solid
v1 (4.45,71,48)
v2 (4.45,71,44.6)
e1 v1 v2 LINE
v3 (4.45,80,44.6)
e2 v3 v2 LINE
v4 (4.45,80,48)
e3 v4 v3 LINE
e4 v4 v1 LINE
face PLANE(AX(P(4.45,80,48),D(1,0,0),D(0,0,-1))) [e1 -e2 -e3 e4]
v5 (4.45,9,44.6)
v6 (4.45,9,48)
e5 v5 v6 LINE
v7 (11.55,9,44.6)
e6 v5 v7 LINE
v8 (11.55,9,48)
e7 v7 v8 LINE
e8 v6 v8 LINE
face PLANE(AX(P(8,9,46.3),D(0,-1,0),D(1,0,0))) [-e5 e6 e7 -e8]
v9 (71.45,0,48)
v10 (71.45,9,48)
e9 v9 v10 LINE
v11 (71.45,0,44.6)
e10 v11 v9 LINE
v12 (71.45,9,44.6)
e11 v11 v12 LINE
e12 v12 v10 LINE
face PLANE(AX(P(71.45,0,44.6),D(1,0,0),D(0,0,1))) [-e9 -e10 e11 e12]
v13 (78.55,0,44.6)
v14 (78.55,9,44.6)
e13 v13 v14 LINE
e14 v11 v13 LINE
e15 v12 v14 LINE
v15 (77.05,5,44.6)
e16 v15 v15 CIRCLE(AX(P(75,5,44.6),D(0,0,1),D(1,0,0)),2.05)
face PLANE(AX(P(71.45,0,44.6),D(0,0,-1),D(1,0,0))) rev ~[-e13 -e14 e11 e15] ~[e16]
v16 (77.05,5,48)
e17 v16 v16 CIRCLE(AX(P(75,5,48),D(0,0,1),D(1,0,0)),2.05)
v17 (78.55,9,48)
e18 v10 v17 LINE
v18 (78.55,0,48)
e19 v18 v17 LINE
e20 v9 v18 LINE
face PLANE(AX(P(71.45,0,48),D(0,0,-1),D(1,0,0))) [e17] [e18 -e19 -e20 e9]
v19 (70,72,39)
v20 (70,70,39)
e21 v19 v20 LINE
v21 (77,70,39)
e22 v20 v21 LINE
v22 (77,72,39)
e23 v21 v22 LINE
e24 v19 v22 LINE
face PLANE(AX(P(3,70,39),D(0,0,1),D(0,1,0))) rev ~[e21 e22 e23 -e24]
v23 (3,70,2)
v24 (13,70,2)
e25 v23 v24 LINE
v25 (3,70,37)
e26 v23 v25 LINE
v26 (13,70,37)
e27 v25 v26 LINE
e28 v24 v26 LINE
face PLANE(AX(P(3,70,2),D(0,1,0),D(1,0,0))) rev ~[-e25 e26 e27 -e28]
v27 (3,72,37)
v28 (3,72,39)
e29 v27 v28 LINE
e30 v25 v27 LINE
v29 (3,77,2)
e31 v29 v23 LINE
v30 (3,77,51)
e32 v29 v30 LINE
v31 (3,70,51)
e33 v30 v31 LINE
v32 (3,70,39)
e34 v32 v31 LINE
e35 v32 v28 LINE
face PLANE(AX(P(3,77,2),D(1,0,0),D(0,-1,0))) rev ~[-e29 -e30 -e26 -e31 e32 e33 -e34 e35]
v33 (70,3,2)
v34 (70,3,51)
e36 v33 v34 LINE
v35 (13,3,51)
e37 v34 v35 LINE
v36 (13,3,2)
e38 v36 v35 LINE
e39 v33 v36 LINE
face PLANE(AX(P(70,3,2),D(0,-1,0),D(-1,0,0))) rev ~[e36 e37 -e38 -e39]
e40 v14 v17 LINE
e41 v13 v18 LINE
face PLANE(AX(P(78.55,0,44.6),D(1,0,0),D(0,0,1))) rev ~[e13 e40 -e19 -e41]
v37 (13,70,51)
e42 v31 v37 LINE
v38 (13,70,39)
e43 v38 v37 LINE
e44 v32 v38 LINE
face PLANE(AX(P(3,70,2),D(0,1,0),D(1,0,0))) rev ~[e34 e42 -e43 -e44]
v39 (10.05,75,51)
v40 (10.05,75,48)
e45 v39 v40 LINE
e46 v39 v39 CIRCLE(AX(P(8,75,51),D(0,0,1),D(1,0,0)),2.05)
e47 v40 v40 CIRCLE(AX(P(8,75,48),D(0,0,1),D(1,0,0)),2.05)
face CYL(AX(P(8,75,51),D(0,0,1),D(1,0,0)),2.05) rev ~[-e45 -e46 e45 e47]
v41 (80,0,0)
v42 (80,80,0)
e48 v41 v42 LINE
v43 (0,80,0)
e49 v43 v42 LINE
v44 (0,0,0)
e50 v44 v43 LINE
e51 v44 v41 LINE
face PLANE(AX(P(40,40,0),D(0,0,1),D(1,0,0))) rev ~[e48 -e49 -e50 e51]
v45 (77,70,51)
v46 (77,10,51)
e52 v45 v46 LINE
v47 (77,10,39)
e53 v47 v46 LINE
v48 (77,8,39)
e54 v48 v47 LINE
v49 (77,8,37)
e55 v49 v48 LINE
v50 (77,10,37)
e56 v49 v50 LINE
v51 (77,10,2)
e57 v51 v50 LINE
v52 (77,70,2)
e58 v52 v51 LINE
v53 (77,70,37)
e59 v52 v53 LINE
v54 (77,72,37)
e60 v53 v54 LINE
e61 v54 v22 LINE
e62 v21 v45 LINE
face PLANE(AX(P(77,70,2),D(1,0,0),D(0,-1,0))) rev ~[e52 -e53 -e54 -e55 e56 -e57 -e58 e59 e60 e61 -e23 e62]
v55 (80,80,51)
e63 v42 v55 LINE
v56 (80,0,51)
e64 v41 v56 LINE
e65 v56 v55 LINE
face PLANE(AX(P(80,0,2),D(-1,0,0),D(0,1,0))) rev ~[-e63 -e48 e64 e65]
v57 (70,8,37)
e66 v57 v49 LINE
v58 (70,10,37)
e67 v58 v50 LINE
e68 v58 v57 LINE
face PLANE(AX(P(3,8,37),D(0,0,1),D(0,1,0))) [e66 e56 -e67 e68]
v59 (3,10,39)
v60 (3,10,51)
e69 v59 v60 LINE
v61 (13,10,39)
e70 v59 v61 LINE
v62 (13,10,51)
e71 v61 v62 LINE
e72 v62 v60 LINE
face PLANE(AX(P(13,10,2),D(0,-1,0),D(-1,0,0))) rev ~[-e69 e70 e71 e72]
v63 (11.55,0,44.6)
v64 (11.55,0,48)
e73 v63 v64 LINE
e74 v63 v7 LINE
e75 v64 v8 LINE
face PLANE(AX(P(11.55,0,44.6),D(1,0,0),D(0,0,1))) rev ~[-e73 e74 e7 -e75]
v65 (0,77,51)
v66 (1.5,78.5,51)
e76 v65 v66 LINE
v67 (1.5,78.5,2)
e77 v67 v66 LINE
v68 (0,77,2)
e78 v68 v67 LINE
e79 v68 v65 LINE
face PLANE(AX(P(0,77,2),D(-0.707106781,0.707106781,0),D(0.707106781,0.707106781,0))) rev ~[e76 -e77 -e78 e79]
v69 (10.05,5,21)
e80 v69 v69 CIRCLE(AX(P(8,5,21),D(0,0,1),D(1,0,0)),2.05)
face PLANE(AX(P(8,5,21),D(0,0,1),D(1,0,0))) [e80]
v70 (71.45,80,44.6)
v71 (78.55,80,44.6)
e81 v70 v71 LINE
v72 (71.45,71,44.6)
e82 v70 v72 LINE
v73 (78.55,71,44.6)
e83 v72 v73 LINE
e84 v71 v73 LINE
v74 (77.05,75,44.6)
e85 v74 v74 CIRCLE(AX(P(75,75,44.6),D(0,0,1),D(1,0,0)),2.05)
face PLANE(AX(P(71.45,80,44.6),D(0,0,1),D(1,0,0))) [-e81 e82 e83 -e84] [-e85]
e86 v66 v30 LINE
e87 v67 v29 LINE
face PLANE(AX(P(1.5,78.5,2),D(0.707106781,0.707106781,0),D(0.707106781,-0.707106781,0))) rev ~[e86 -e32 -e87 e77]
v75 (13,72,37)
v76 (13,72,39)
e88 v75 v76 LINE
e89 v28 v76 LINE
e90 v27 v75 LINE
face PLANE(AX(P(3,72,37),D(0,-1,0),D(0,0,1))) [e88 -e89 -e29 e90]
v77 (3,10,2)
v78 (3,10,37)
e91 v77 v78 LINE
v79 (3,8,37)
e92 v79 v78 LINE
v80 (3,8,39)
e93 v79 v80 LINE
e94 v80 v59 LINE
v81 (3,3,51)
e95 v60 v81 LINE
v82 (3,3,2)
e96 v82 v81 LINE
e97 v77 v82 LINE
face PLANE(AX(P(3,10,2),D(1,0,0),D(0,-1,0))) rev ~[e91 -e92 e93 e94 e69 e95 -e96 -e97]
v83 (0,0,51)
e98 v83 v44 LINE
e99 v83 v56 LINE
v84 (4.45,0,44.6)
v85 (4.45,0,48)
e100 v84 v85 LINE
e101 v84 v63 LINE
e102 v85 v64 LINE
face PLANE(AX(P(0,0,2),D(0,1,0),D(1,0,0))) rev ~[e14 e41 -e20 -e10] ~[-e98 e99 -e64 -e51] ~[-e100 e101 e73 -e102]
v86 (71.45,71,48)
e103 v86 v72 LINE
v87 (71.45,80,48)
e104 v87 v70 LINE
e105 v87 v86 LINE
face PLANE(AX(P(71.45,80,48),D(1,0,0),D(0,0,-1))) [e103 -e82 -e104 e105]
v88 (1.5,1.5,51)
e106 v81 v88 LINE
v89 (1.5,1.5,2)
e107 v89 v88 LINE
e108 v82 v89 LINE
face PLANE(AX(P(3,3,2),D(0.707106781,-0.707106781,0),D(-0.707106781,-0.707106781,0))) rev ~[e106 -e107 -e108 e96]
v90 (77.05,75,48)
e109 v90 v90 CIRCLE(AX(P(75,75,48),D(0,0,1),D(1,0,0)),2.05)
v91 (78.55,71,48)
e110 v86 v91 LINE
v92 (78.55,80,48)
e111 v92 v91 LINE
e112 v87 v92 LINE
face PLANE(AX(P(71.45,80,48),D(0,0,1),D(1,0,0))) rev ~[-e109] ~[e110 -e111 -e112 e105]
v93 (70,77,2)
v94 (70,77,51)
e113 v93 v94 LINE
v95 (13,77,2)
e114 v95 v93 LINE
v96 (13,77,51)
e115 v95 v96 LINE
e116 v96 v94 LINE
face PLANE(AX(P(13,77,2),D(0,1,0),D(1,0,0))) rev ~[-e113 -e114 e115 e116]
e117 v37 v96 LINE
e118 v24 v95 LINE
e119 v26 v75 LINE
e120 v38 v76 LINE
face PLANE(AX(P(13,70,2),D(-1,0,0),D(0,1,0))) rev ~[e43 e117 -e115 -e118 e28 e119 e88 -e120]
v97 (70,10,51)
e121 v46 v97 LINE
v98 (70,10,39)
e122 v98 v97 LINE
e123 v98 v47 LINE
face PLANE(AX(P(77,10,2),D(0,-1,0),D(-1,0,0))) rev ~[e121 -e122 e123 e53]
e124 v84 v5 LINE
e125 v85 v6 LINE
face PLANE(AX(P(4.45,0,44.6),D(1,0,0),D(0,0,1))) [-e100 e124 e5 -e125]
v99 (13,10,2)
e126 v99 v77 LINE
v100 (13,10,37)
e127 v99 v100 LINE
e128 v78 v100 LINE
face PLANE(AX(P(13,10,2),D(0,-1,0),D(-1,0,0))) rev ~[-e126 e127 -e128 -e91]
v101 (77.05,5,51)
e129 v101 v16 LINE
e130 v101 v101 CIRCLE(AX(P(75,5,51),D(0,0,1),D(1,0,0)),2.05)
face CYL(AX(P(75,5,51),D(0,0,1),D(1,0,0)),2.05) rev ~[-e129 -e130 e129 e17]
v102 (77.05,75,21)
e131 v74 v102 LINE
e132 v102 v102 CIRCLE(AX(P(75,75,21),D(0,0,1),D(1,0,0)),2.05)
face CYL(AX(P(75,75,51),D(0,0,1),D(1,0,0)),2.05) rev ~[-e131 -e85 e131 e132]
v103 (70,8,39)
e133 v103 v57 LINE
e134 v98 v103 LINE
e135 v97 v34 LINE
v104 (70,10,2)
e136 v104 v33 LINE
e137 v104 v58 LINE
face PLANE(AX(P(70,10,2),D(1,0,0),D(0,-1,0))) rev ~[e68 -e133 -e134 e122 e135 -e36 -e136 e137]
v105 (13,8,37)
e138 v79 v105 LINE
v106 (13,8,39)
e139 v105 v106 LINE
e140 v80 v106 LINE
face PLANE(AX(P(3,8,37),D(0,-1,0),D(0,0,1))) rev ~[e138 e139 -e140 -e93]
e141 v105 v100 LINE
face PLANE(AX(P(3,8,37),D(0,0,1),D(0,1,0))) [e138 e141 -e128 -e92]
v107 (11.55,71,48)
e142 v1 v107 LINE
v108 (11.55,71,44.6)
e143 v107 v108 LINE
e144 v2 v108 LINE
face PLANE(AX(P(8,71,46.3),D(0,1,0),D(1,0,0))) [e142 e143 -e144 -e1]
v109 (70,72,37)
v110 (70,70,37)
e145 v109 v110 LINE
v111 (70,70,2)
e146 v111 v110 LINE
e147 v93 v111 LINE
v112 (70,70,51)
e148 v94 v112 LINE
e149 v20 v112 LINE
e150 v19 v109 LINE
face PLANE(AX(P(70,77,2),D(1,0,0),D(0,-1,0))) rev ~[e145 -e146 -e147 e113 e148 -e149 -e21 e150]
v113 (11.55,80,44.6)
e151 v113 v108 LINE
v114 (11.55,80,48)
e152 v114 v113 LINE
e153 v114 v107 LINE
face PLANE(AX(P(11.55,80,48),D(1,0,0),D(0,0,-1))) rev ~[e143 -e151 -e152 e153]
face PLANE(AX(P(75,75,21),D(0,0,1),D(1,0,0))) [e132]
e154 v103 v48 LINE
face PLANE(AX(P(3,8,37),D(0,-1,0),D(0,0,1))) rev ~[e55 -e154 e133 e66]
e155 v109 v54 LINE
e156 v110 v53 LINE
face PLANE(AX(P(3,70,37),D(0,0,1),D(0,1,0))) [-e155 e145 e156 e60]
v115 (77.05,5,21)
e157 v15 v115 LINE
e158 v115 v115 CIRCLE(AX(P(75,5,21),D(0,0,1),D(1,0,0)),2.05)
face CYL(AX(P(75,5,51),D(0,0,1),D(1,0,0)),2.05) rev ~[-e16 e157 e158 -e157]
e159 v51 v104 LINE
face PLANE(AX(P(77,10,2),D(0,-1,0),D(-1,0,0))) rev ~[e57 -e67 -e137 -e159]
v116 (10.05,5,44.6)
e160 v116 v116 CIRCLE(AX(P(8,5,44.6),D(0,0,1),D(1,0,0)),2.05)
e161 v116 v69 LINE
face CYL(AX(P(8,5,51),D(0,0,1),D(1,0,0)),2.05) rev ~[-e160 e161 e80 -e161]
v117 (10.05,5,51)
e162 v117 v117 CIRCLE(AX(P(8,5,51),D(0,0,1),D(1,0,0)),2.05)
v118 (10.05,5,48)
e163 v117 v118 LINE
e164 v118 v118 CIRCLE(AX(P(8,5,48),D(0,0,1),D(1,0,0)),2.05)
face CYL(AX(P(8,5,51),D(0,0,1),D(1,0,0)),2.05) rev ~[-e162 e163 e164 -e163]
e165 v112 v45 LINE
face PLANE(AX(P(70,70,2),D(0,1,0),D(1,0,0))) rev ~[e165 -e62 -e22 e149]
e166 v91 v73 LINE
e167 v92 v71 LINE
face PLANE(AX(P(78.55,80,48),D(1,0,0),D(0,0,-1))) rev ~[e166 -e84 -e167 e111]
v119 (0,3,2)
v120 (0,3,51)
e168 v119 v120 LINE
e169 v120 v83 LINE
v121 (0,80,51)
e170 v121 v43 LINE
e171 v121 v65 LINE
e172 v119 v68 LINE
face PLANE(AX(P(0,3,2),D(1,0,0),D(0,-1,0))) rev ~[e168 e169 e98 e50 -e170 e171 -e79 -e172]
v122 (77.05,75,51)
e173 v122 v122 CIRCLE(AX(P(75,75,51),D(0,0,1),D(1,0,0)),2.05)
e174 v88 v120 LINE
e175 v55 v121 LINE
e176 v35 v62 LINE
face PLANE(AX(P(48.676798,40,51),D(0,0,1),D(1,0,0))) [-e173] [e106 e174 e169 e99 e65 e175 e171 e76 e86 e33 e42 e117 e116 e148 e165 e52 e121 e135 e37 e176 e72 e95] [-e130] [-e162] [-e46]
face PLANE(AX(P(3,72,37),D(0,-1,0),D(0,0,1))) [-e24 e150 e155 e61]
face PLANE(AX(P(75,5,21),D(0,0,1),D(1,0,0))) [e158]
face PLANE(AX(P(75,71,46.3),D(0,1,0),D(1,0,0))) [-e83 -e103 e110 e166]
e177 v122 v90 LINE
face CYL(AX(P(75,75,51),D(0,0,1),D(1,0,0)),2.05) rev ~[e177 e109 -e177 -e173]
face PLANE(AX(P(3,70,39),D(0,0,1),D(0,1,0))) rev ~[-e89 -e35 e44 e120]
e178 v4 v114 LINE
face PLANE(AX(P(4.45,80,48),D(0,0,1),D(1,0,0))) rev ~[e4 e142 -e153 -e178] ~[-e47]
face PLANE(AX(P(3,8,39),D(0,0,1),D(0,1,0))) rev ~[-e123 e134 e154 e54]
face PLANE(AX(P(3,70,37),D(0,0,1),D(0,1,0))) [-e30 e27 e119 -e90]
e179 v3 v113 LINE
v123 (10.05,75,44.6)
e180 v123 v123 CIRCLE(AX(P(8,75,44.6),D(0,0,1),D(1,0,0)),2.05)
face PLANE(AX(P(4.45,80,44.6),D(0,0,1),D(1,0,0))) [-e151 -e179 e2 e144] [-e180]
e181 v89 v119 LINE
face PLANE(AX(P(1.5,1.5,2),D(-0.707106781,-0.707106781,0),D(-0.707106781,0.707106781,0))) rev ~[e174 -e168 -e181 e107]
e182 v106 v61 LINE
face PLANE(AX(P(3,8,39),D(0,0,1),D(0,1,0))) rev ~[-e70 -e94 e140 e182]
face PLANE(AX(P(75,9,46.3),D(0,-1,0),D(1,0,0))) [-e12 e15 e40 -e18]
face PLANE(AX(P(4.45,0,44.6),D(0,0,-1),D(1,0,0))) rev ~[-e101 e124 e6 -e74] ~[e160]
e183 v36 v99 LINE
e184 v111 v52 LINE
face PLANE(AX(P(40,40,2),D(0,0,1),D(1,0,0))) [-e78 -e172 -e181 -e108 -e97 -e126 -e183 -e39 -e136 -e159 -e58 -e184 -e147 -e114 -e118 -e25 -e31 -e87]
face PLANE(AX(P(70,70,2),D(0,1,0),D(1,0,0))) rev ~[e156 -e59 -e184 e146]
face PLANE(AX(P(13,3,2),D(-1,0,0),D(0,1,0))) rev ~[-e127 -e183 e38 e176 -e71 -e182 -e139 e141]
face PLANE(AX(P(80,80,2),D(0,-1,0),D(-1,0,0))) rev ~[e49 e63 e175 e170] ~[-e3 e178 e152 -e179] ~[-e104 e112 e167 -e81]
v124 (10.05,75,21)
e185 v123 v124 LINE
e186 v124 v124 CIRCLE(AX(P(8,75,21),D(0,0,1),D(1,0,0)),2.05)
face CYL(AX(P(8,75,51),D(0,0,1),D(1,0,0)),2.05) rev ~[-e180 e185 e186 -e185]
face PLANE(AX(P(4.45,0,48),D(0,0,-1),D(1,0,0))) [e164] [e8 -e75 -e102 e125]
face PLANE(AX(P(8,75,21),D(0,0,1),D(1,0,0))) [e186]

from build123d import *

# Parameters (mm, degrees)
ESQUISSE3_W             = 80
ESQUISSE3_H             = 80
BOSS_EXTRU_1_DEPTH      = 2
BOSS_EXTRU_2_DEPTH      = 49
ESQUISSE7_R             = 2.05
ENL_V_MAT_EXTRU_1_DEPTH = 30
ESQUISSE8_W             = 7.1
ESQUISSE8_H             = 3.4
ENL_V_MAT_EXTRU_2_DEPTH = 9
ESQUISSE9_W             = 7.1
ESQUISSE9_H             = 3.4
ENL_V_MAT_EXTRU_3_DEPTH = 9
ESQUISSE10_W            = 2
ESQUISSE10_H            = 2
ENL_V_MAT_EXTRU_4_DEPTH = 74


with BuildPart() as part:
    # Esquisse3 → Boss.-Extru.1 (new body)
    with BuildSketch(Plane.XY):
        with Locations((40, 40)):
            Rectangle(ESQUISSE3_W, ESQUISSE3_H)
    extrude(amount=BOSS_EXTRU_1_DEPTH)

    # Esquisse6 → Boss.-Extru.2 (add)
    with BuildSketch(Plane.XY.offset(2)):
        Polygon((0, 0), (80, 0), (80, 80), (0, 80), (0, 77), (1.5, 78.5), (3, 77), (3, 70), (13, 70), (13, 77), (70, 77), (70, 70), (77, 70), (77, 10), (70, 10), (70, 3), (13, 3), (13, 10), (3, 10), (3, 3), (1.5, 1.5), (0, 3), align=None)
    extrude(amount=BOSS_EXTRU_2_DEPTH)

    # Esquisse7 → Enlèv. mat.-Extru.1 (cut)
    with BuildSketch(Plane.XY.offset(51)):
        with Locations((8, 75)):
            Circle(ESQUISSE7_R)
        with Locations((8, 5)):
            Circle(ESQUISSE7_R)
        with Locations((75, 5)):
            Circle(ESQUISSE7_R)
        with Locations((75, 75)):
            Circle(ESQUISSE7_R)
    extrude(amount=-ENL_V_MAT_EXTRU_1_DEPTH, mode=Mode.SUBTRACT)

    # Esquisse8 → Enlèv. mat.-Extru.2 (cut)
    with BuildSketch(Plane.XZ):
        with Locations((8, 46.3)):
            Rectangle(ESQUISSE8_W, ESQUISSE8_H)
        with Locations((75, 46.3)):
            Rectangle(ESQUISSE8_W, ESQUISSE8_H)
    extrude(amount=-ENL_V_MAT_EXTRU_2_DEPTH, mode=Mode.SUBTRACT)

    # Esquisse9 → Enlèv. mat.-Extru.3 (cut)
    with BuildSketch(Plane(origin=(0, 80, 0), x_dir=(1, 0, 0), z_dir=(0, 1, 0))):
        with Locations((75, -46.3)):
            Rectangle(ESQUISSE9_W, ESQUISSE9_H)
        with Locations((8, -46.3)):
            Rectangle(ESQUISSE9_W, ESQUISSE9_H)
    extrude(amount=-ENL_V_MAT_EXTRU_3_DEPTH, mode=Mode.SUBTRACT)

    # Esquisse10 → Enlèv. mat.-Extru.4 (cut)
    with BuildSketch(Plane.ZY.offset(-3)):
        with Locations((38, 71)):
            Rectangle(ESQUISSE10_W, ESQUISSE10_H)
        with Locations((38, 9)):
            Rectangle(ESQUISSE10_W, ESQUISSE10_H)
    extrude(amount=-ENL_V_MAT_EXTRU_4_DEPTH, mode=Mode.SUBTRACT)


solid = part.part
